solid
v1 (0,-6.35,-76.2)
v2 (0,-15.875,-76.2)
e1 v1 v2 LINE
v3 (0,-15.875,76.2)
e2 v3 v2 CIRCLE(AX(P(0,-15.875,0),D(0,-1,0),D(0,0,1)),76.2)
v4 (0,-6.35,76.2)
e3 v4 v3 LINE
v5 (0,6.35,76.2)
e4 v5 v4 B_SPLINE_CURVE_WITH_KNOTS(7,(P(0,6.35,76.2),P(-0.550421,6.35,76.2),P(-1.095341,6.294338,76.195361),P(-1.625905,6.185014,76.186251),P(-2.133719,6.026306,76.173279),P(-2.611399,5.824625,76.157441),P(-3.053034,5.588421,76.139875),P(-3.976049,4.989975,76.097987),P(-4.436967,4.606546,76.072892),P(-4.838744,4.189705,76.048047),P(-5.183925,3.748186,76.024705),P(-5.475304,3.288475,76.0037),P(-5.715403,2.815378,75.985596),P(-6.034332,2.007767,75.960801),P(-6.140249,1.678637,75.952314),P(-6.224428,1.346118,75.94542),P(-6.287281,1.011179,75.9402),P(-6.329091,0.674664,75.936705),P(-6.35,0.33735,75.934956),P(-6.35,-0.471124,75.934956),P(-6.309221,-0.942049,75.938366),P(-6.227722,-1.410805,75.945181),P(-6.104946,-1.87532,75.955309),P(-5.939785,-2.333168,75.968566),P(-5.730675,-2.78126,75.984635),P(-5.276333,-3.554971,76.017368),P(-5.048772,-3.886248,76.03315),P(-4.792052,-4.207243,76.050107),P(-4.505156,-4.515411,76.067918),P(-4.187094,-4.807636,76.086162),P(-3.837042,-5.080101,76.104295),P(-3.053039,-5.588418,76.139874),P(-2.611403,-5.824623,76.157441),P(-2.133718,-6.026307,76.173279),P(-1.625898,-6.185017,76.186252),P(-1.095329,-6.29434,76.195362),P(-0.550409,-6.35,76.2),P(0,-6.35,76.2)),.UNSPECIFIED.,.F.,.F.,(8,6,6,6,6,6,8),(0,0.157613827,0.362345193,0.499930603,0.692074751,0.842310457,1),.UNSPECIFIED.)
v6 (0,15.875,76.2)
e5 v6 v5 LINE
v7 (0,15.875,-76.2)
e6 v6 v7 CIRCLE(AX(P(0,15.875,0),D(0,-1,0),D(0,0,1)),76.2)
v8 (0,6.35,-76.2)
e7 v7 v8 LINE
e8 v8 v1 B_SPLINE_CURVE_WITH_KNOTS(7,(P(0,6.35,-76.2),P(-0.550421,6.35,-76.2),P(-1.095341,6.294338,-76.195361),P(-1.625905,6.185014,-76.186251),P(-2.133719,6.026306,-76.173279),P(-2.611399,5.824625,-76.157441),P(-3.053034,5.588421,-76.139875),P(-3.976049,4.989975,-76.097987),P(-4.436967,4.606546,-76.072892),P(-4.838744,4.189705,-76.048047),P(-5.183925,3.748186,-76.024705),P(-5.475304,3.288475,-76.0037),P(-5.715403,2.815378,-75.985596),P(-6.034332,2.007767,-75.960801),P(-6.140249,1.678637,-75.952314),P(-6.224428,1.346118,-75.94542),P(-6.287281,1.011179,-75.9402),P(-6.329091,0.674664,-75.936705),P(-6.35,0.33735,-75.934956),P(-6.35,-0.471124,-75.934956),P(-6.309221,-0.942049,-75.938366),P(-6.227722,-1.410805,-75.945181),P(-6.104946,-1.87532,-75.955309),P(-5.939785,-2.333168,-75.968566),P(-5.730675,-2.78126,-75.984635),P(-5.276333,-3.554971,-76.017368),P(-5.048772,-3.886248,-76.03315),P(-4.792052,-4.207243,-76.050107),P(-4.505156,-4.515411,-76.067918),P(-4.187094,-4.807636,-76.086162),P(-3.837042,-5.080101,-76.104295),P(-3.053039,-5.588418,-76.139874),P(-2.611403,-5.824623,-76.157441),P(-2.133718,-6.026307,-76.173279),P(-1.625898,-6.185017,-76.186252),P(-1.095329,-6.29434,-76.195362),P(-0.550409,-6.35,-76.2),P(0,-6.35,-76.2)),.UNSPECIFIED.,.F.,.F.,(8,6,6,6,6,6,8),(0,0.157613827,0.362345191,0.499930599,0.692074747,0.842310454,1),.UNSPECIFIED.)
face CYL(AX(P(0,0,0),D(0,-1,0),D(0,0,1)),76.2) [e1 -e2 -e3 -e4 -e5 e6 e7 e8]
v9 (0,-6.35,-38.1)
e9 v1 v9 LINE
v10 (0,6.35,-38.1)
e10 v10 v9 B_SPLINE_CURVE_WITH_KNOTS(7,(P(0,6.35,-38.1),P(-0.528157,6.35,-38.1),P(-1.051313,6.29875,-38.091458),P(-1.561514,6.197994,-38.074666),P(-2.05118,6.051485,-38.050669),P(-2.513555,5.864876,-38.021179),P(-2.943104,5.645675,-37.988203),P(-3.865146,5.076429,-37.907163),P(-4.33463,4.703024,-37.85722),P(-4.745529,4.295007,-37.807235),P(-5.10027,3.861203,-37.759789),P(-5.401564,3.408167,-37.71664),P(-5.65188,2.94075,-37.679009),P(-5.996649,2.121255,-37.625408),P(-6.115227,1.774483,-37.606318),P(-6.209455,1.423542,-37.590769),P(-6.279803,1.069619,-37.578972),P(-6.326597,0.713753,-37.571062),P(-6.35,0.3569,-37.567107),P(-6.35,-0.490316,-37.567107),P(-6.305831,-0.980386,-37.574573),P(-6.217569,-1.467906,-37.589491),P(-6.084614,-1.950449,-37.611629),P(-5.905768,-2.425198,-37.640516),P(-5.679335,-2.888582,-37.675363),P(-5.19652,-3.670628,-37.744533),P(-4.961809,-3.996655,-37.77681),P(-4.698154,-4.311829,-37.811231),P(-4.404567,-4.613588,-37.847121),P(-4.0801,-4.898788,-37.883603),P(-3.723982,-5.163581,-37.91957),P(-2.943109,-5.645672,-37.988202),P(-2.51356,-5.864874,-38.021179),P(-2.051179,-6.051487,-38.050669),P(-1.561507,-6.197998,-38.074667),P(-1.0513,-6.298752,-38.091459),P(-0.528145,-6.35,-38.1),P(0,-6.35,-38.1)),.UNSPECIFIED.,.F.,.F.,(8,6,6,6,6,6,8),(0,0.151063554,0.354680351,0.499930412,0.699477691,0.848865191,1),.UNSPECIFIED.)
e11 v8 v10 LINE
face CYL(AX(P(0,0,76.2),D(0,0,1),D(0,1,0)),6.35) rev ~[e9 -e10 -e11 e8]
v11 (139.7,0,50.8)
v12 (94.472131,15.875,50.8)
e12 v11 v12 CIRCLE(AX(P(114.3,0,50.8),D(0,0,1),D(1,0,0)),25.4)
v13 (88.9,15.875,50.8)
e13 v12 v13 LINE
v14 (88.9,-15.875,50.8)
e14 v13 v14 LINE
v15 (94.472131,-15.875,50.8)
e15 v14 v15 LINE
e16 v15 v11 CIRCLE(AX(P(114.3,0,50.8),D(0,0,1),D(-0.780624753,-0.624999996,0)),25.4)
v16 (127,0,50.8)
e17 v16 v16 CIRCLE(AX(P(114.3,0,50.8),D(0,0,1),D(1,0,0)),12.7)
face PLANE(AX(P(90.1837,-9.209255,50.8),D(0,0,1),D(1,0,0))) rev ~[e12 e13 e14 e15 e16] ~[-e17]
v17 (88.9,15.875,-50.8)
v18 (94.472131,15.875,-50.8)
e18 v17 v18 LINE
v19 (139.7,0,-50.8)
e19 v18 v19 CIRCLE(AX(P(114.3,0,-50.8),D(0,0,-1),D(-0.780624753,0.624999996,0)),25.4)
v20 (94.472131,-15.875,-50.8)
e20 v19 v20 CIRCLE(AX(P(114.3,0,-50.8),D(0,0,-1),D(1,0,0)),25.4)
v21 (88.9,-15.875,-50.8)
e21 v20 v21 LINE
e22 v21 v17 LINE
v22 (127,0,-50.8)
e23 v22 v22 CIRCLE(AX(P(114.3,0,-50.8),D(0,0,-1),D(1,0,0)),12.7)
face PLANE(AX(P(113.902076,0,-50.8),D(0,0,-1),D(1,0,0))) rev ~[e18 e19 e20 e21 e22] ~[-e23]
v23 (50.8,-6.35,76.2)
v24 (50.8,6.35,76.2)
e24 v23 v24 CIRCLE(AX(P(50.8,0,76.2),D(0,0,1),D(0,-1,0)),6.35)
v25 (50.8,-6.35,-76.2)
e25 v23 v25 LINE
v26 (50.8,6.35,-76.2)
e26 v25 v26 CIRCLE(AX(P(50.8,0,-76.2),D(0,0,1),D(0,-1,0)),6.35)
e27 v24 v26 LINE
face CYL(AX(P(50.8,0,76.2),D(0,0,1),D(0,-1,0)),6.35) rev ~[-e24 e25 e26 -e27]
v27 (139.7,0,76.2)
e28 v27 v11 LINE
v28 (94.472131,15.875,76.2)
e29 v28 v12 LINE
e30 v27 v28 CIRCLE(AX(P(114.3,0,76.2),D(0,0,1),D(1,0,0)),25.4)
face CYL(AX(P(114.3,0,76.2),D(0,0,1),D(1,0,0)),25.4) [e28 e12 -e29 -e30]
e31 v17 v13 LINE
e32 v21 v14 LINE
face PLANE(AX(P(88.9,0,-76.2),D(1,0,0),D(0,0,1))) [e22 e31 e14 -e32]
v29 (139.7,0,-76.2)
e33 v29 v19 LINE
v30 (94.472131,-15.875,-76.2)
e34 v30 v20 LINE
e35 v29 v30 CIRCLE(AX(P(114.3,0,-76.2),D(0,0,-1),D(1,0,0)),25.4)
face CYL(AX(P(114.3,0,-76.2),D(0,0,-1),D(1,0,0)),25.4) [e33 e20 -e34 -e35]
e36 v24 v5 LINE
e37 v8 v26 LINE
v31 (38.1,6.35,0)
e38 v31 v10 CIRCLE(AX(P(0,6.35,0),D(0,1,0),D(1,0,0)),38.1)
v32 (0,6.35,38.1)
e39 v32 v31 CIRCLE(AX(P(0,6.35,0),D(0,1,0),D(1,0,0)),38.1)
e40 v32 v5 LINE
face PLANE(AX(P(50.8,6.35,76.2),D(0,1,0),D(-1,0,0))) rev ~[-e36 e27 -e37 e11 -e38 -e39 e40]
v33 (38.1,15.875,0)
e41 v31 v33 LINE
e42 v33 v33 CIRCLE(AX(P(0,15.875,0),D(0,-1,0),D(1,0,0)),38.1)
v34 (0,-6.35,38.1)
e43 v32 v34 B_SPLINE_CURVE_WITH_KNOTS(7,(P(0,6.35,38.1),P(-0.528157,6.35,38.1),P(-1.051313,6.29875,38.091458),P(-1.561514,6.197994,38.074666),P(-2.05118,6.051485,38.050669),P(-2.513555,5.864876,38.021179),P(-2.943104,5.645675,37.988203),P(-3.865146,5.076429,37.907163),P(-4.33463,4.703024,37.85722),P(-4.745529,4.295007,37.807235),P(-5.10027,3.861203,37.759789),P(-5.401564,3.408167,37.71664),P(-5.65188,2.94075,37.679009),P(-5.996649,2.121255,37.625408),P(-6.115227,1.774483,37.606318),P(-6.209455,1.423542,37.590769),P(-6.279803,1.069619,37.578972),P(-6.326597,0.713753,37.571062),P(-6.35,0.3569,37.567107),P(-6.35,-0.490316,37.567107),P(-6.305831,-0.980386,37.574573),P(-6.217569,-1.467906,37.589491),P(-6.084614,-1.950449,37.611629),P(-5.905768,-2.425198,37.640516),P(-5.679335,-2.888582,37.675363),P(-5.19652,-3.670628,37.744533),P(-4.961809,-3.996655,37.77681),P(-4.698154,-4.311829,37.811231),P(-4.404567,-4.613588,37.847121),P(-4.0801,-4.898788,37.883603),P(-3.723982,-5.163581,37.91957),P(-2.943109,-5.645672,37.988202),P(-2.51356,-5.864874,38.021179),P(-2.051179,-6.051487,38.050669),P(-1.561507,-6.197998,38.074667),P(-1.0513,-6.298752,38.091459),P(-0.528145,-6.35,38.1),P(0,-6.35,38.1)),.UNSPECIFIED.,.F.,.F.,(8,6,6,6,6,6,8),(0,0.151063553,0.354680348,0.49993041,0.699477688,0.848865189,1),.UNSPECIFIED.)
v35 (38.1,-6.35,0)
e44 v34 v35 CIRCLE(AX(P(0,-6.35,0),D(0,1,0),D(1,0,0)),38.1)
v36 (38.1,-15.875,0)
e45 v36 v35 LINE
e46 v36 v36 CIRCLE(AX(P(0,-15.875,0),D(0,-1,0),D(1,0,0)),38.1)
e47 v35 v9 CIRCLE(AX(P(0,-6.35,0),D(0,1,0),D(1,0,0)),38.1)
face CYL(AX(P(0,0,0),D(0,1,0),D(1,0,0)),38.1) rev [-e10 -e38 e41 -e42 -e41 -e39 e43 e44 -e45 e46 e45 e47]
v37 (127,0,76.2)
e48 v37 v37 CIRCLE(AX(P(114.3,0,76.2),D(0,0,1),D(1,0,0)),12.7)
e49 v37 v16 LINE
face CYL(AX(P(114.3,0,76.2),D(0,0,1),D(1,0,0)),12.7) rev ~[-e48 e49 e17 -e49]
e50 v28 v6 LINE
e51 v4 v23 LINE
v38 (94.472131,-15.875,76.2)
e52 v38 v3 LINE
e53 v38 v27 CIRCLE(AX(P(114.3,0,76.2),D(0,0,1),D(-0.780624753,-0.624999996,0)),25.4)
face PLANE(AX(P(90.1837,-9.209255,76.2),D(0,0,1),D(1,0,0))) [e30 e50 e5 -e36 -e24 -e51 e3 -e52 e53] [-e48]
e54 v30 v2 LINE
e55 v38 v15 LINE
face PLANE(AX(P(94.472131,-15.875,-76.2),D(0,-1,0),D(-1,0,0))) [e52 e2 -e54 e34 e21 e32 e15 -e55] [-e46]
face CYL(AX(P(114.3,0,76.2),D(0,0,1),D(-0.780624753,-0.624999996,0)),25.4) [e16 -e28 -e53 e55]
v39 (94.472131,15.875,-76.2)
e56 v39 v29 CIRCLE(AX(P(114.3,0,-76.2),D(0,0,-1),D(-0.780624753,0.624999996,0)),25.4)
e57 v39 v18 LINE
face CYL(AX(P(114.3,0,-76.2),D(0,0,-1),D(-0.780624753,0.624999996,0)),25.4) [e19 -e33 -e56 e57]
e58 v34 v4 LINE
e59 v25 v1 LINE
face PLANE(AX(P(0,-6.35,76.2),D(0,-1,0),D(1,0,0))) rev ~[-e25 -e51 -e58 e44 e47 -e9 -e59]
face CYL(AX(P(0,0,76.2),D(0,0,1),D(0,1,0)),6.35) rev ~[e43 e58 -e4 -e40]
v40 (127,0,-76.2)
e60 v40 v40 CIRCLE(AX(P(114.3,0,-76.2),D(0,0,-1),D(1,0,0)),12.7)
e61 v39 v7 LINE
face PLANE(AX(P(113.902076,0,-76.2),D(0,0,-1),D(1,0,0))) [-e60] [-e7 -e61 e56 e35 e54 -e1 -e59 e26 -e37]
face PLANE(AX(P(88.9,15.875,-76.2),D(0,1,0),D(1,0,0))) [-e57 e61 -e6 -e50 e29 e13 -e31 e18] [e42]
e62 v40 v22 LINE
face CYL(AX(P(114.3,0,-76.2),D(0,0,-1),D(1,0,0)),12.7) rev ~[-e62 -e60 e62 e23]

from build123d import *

# Parameters (mm, degrees)
F0_R     = 38.1
F1_DEPTH = 15.875
F3_DEPTH = 238.50152
F4_R     = 12.7
F5_DEPTH = 25.4
F6_R     = 12.7
F7_DEPTH = 25.4


with BuildPart() as f1:
    # F0 (on Front) → F1 (new body, symmetric)
    with BuildSketch(Plane.XZ):
        with BuildLine():
            Line((88.9, 76.2), (0, 76.2))
            ThreePointArc((0, 76.2), (-76.2, 0), (0, -76.2))
            Line((0, -76.2), (88.9, -76.2))
            Line((88.9, -76.2), (88.9, 76.2))
        make_face()
        Circle(F0_R, mode=Mode.SUBTRACT)
    extrude(amount=F1_DEPTH, both=True)

    # F2 (on face) → F3 (cut, symmetric)
    with BuildSketch(Plane.XY.offset(76.2)):
        with BuildLine():
            Line((50.8, 6.35), (0, 6.35))
            ThreePointArc((0, 6.35), (-6.35, 0), (0, -6.35))
            Line((0, -6.35), (50.8, -6.35))
            ThreePointArc((50.8, -6.35), (57.15, 0), (50.8, 6.35))
        make_face()
    extrude(amount=F3_DEPTH, both=True, mode=Mode.SUBTRACT)

    # F4 (on face) → F5 (join)
    with BuildSketch(Plane.XY.offset(76.2)):
        with BuildLine():
            Line((88.9, -15.875), (94.472131, -15.875))
            ThreePointArc((94.472131, -15.875), (90.333483, -8.412257), (88.9, 0))
            Line((88.9, 0), (88.9, -15.875))
        make_face()
        with BuildLine():
            ThreePointArc((94.472131, -15.875), (122.712257, -23.966517), (139.7, 0))
            ThreePointArc((139.7, 0), (122.712257, 23.966517), (94.472131, 15.875))
            ThreePointArc((94.472131, 15.875), (90.333483, 8.412257), (88.9, 0))
            ThreePointArc((88.9, 0), (90.333483, -8.412257), (94.472131, -15.875))
        make_face()
        with Locations((114.3, 0)):
            Circle(F4_R, mode=Mode.SUBTRACT)
        with BuildLine():
            ThreePointArc((88.9, 0), (90.333483, 8.412257), (94.472131, 15.875))
            Line((94.472131, 15.875), (88.9, 15.875))
            Line((88.9, 15.875), (88.9, 0))
        make_face()
    extrude(amount=-F5_DEPTH)

    # F6 (on face) → F7 (join)
    with BuildSketch(Plane(origin=(0, 0, -76.2), x_dir=(1, 0, 0), z_dir=(0, 0, -1))):
        with BuildLine():
            ThreePointArc((94.472131, -15.875), (122.712257, -23.966517), (139.7, 0))
            ThreePointArc((139.7, 0), (122.712257, 23.966517), (94.472131, 15.875))
            ThreePointArc((94.472131, 15.875), (90.333483, 8.412257), (88.9, 0))
            ThreePointArc((88.9, 0), (90.333483, -8.412257), (94.472131, -15.875))
        make_face()
        with Locations((114.3, 0)):
            Circle(F6_R, mode=Mode.SUBTRACT)
        with BuildLine():
            ThreePointArc((88.9, 0), (90.333483, 8.412257), (94.472131, 15.875))
            Line((94.472131, 15.875), (88.9, 15.875))
            Line((88.9, 15.875), (88.9, 0))
        make_face()
        with BuildLine():
            Line((88.9, -15.875), (94.472131, -15.875))
            ThreePointArc((94.472131, -15.875), (90.333483, -8.412257), (88.9, 0))
            Line((88.9, 0), (88.9, -15.875))
        make_face()
    extrude(amount=-F7_DEPTH)


solid = f1.part
